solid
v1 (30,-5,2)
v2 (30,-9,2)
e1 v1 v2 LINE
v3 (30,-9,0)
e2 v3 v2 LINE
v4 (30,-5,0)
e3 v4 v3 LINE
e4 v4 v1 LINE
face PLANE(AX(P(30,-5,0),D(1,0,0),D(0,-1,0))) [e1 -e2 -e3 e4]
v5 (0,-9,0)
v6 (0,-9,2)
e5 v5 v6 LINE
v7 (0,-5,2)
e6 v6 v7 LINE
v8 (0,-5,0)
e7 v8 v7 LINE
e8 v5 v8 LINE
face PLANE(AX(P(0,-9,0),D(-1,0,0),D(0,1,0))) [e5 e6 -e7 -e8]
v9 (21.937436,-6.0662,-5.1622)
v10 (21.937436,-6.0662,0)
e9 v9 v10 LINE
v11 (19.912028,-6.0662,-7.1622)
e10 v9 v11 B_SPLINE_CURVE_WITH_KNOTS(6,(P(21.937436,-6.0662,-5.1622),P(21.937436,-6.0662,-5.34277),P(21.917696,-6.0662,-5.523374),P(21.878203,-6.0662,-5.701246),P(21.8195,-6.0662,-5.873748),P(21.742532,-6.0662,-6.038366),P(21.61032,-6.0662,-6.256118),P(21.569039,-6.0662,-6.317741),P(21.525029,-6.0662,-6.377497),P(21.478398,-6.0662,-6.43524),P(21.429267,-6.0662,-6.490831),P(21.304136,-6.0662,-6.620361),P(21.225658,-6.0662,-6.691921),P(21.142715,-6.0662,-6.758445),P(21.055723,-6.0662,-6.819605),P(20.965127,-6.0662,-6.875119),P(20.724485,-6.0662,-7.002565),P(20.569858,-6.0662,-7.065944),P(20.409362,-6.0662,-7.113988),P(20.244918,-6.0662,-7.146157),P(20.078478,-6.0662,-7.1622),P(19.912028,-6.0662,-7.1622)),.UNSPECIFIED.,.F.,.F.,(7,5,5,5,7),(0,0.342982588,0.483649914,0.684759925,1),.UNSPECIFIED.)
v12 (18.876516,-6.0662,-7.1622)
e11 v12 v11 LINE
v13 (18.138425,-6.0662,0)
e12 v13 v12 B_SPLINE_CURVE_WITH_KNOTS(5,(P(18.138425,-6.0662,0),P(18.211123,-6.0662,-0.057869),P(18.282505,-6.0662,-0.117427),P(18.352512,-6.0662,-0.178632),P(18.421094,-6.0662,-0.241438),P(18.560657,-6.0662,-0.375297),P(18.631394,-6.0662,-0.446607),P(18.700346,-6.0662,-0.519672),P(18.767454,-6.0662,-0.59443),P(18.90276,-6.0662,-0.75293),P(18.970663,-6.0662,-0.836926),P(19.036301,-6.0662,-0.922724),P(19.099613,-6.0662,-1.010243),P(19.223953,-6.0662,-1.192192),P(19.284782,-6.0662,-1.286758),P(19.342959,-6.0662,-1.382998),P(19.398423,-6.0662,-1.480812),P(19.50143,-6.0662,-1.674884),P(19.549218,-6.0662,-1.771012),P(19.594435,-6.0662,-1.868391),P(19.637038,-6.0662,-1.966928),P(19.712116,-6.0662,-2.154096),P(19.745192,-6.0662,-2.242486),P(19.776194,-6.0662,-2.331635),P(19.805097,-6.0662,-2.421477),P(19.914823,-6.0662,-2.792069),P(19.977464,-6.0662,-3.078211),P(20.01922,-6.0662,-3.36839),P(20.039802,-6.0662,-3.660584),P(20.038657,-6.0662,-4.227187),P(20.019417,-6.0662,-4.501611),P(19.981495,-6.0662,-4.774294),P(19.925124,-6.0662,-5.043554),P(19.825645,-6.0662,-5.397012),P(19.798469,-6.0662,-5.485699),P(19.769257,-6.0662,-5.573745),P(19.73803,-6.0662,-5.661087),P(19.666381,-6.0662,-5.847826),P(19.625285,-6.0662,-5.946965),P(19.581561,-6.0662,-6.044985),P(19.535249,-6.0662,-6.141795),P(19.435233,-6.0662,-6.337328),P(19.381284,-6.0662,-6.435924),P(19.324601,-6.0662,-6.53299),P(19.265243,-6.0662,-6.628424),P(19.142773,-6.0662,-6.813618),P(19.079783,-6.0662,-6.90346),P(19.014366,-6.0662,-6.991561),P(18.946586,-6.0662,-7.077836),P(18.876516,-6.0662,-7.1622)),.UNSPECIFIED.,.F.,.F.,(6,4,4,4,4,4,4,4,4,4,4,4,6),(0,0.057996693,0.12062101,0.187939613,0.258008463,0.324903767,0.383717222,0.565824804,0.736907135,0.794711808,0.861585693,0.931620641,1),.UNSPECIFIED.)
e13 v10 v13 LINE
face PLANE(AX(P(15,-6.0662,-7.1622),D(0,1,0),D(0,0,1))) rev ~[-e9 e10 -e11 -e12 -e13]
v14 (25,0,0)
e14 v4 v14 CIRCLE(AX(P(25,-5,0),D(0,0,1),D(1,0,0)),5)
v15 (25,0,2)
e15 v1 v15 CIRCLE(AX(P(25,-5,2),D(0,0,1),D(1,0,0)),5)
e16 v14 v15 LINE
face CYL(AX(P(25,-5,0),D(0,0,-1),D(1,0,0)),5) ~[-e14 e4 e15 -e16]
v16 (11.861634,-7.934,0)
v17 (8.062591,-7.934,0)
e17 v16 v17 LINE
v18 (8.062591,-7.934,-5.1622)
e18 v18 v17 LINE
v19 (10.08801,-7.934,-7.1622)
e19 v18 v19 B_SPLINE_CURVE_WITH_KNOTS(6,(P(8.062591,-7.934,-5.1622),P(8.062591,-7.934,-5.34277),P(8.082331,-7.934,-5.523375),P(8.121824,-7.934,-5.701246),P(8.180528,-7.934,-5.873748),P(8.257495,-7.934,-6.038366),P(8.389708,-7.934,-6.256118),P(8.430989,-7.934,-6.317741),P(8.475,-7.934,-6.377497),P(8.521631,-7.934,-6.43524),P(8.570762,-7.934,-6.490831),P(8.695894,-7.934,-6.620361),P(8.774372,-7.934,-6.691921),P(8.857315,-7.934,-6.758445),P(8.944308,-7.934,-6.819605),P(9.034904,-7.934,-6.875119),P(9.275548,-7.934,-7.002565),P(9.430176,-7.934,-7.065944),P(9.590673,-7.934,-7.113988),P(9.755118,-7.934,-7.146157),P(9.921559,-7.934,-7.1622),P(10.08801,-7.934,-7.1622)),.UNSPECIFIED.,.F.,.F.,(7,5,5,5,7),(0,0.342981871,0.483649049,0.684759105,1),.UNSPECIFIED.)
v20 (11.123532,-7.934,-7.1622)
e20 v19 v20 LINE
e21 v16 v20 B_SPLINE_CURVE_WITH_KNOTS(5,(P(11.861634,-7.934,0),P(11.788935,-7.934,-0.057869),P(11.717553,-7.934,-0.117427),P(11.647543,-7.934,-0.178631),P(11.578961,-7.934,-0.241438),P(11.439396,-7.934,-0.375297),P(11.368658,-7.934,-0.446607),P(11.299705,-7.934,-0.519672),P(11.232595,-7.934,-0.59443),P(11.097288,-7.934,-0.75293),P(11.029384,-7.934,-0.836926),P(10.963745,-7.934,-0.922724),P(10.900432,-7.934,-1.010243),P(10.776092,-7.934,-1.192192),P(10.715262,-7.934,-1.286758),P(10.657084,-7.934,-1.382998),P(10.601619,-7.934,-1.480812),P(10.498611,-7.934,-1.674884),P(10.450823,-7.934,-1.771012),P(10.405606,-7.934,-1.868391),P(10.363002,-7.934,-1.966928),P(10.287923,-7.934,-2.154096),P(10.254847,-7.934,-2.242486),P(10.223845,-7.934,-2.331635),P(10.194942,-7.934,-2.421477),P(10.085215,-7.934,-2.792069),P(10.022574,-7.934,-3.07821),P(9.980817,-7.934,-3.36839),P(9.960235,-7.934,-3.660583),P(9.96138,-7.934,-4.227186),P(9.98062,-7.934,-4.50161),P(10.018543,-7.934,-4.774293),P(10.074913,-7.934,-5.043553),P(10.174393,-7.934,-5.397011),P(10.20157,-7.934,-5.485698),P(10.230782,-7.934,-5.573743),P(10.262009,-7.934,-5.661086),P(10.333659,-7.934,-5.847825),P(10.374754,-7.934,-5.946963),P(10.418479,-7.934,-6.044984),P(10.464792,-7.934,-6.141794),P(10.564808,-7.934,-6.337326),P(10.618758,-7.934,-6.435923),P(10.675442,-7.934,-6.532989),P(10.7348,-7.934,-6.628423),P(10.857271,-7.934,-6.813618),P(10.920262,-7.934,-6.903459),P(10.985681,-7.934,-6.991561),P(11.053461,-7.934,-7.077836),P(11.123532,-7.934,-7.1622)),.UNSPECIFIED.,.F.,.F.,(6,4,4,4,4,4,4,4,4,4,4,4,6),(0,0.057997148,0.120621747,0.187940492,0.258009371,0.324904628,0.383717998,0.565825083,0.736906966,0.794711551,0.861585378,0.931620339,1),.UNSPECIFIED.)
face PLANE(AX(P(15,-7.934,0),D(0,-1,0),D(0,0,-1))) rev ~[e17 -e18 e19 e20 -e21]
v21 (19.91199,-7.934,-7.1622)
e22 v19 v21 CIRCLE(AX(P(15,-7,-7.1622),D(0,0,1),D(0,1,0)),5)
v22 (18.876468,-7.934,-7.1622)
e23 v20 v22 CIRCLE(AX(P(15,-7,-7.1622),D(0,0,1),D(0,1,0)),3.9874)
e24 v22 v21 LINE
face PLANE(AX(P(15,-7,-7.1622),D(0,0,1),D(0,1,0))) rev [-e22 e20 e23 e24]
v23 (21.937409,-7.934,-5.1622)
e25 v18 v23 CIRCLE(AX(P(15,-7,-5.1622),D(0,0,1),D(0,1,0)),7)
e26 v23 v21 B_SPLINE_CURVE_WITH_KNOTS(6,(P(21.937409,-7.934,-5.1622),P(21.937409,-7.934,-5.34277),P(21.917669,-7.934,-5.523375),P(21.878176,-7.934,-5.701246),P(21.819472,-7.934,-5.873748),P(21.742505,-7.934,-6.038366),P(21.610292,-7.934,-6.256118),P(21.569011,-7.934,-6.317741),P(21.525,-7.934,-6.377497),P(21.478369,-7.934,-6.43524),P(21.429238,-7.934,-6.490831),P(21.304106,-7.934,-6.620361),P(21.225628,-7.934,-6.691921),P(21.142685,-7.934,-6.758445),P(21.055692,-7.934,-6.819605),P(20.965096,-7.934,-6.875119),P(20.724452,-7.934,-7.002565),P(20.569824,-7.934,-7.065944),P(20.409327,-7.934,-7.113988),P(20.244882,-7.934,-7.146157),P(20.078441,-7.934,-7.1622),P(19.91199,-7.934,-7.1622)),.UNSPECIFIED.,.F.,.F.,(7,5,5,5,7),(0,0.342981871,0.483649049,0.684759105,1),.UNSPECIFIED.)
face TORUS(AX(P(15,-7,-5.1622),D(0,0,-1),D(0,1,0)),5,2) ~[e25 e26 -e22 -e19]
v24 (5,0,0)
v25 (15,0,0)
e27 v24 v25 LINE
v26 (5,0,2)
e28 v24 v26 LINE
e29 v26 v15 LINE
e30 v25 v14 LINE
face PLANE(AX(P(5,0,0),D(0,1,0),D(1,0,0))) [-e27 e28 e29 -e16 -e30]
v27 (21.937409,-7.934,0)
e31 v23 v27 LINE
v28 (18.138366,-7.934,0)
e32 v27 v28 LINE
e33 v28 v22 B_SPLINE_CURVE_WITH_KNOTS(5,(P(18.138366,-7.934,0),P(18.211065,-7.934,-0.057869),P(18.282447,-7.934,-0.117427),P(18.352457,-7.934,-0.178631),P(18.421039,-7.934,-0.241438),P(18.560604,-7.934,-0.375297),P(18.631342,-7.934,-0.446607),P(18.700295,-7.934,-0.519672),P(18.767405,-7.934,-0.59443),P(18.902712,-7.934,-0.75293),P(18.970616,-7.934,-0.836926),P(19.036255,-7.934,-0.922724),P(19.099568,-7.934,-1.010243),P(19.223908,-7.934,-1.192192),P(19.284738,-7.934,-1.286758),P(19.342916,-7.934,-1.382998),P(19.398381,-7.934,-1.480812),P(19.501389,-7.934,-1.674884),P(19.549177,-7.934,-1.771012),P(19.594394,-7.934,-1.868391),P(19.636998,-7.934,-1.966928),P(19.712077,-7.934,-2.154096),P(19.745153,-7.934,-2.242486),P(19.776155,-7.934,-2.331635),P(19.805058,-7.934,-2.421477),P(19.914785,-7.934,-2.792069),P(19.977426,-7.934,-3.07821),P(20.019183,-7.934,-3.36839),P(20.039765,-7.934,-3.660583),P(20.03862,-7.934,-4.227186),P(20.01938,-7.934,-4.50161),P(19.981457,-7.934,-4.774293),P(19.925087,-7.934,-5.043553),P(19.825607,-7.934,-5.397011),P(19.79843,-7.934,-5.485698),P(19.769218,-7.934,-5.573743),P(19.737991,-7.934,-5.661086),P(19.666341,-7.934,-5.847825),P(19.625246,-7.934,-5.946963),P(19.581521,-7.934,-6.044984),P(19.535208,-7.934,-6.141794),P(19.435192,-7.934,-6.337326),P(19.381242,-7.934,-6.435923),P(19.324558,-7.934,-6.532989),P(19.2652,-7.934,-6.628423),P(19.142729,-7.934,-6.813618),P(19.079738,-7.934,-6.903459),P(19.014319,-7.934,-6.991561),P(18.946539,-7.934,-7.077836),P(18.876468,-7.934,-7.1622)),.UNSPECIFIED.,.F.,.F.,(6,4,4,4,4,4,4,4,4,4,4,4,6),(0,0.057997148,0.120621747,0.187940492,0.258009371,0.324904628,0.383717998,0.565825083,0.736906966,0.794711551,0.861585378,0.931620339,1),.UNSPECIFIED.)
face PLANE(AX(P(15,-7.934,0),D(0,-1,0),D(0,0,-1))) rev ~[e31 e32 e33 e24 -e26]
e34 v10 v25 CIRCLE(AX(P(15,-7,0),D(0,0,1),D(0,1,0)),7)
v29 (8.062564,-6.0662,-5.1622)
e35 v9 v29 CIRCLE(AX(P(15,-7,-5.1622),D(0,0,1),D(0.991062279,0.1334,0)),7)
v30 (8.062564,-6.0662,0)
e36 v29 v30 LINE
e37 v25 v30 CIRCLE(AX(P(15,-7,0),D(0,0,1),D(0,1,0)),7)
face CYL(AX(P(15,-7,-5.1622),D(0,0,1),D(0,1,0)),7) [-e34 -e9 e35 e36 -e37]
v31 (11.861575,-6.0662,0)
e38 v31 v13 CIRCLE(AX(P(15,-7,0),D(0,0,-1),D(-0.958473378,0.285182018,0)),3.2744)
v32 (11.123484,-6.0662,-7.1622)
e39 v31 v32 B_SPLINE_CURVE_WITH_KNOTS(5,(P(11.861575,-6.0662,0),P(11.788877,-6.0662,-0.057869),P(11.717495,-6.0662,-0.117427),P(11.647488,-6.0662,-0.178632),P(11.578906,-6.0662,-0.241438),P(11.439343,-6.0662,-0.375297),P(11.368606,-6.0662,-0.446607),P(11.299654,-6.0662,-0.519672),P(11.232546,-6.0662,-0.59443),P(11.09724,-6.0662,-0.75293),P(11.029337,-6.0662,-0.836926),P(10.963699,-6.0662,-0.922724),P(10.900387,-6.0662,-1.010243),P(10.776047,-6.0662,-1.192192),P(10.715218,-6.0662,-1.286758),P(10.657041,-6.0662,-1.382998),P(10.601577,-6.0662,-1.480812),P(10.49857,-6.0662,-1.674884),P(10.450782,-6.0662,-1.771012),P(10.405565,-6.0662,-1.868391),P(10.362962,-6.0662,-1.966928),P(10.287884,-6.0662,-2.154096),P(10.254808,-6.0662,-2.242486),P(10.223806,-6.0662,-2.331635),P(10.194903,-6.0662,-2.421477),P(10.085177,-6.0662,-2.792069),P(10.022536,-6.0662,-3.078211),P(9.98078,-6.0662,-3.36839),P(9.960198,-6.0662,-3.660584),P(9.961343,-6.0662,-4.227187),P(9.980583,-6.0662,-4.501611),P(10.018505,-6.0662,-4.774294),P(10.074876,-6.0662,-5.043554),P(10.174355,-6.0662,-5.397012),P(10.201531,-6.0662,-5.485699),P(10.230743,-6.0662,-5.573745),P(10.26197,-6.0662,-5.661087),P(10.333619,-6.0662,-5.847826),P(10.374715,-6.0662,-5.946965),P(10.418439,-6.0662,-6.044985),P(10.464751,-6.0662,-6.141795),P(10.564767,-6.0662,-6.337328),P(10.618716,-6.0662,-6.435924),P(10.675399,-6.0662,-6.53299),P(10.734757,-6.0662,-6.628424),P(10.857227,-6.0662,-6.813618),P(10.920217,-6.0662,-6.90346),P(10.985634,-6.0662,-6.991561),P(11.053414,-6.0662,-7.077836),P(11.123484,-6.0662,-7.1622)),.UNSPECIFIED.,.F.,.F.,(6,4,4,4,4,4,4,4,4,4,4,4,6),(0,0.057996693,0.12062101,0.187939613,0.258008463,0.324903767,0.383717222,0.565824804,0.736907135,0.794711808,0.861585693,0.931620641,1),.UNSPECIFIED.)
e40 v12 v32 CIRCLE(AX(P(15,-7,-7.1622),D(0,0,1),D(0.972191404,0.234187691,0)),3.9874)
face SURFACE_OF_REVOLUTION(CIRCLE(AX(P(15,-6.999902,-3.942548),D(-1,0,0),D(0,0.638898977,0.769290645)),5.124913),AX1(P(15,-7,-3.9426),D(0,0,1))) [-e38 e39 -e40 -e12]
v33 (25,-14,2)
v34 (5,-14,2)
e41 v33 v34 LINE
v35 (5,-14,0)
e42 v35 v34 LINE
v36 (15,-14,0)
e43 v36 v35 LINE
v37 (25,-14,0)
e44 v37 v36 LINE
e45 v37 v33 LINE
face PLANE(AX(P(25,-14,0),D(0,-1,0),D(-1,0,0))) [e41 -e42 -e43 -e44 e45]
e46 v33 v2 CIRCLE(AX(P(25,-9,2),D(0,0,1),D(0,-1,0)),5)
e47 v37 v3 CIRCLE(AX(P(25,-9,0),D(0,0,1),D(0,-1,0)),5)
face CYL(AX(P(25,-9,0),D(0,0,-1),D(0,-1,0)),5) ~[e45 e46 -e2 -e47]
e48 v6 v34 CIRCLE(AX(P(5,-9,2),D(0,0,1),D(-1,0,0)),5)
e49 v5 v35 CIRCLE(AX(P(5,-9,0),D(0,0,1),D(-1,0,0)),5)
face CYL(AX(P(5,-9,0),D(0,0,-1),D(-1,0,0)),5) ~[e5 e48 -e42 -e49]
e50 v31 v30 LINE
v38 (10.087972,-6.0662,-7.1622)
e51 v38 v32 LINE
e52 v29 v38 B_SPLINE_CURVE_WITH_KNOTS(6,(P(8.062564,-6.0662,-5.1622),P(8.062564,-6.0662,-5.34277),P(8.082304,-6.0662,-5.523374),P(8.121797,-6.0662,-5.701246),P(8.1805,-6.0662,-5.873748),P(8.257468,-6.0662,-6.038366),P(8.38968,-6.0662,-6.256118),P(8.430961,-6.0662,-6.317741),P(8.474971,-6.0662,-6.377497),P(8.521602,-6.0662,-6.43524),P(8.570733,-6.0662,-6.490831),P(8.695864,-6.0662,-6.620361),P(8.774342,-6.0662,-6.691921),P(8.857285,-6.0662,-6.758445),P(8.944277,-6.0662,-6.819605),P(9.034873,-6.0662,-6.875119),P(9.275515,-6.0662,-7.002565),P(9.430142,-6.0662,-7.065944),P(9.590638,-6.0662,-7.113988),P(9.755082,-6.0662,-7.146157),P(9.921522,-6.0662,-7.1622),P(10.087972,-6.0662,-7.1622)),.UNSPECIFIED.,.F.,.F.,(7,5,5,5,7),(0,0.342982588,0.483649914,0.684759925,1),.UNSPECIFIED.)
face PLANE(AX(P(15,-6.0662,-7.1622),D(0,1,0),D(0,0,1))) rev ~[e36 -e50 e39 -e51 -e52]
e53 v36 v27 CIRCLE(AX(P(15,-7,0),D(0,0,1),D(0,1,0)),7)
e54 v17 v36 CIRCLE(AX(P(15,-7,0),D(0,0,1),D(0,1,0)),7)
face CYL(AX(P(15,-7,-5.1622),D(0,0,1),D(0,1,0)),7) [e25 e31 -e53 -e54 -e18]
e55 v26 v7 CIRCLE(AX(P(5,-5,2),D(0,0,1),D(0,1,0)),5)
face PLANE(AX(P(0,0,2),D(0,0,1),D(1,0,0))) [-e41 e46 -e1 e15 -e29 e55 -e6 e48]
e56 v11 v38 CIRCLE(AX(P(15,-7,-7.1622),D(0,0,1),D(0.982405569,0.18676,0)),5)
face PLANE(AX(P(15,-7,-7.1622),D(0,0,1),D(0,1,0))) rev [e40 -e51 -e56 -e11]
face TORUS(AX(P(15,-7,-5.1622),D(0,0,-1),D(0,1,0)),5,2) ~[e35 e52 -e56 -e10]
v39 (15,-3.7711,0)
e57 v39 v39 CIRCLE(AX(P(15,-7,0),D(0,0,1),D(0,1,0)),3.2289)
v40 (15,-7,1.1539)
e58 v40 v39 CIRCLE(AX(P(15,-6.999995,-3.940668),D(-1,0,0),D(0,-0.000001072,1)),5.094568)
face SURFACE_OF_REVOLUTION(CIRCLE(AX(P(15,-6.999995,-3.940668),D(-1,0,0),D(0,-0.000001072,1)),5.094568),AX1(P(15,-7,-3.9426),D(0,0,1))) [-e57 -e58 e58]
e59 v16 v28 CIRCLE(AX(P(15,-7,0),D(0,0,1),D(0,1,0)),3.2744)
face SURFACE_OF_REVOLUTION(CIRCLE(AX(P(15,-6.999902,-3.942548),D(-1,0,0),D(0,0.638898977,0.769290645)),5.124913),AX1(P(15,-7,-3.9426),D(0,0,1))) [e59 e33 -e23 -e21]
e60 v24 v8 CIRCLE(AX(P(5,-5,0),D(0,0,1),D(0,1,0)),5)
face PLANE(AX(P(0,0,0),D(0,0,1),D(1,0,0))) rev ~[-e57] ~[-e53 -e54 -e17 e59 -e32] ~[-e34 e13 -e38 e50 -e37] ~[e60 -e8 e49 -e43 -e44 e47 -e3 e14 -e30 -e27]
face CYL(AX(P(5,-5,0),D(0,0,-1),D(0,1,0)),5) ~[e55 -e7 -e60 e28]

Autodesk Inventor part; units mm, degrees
ref_plane "YZ Plane" through (0, 0, 0) normal (1, 0, 0) x (0, 1, 0)
ref_plane "XZ Plane" through (0, 0, 0) normal (0, 1, 0) x (-1, 0, 0)
ref_plane "XY Plane" through (0, 0, 0) normal (0, 0, 1) x (1, 0, 0)
sketch "Sketch1" plane through (0, 0, 0) normal (0, 0, 1) x (1, 0, 0)
  line L0 (5, 0) -> (25, 0)
  line L1 (30, -5) -> (30, -9)
  line L2 (25, -14) -> (5, -14)
  line L3 (0, -9) -> (0, -5)
  arc A0 (0, -9) -> (5, -14) centre (5, -9) ccw
  arc A1 (5, 0) -> (0, -5) centre (5, -5) ccw
  arc A2 (30, -5) -> (25, 0) centre (25, -5) ccw
  arc A3 (25, -14) -> (30, -9) centre (25, -9) ccw
  point P0 (0, 0)
  point P1 (30, -14)
  point P2 (30, 0)
  point P3 (0, -14)
  dimension "d0" = 30
  dimension "d1" = 14
  dimension "d2" = 5
extrude "Extrusion1" add sketch "Sketch1" along normal blind 2
ref_plane "Work Plane1" through (15, -9, 0) normal (-1, 0, 0) x (0, 0, 1)
sketch "Sketch2" plane through (15, -9, 0) normal (-1, 0, 0) x (0, 0, 1)
  circle A0 centre (-3.9426, 2) radius 4.775 construction
  line L0 (-3.9426, 2) -> (0, 2) construction
  line L1 (0, 0) -> (0, 4) construction
  line L2 (0, 4) -> (0, 9) construction
  line L3 (0, 9) -> (-5.1622, 9) construction
  line L4 (-7.1622, 7) -> (-7.1622, 5.2744) construction
  line L5 (-7.1622, 5.2744) -> (0, 5.2744) construction
  line L6 (0, 5.2744) -> (0, 9) construction
  arc A1 (0, 5.2744) -> (-7.1622, 5.9874) centre (-3.9426, 2) ccw
  line L7 (-7.1622, 5.9874) -> (-7.1622, 7)
  line L8 (-5.1622, 9) -> (0, 9)
  line L9 (0, 9) -> (2, 9) projected
  line L10 (0, 9) -> (0, 5.2744)
  arc A2 (-5.1622, 9) -> (-7.1622, 7) centre (-5.1622, 7) ccw
  line L11 (-5.1622, 9) -> (0, 9)
  dimension "d5" = 9.55
  dimension "d6" = 5.125
  dimension "d7" = 2
revolve "Revolution1" add sketch "Sketch2" angle 360 about axis through (15, -7, -3.9426) along (0, 0, 1)
sketch "Sketch3" plane through (15, -9, 0) normal (-1, 0, 0) x (0, 0, 1)
  line L0 (0, 0) -> (0, 4) projected
  line L1 (-7.1622, -1.9874) -> (-7.1622, 5.9874) projected
  line L2 (0, 2) -> (-7.1622, 2)
  line L3 (-7.1622, 2) -> (-7.1622, 2.9338)
  line L4 (-7.1622, 2.9338) -> (0, 2.9338)
  line L5 (0, 2.9338) -> (0, 2)
  line L6 (-7.1622, 2) -> (0, 2)
  line L7 (0, 2) -> (0, 1.066)
  line L8 (0, 1.066) -> (-7.1622, 1.066)
  line L9 (-7.1622, 1.066) -> (-7.1622, 2)
  point P0 (0, 9)
  point P1 (0, 2.9338)
  point P2 (-7.1622, 1.066)
  dimension "d9" = 0.934
extrude "Extrusion2" cut sketch "Sketch3" along normal through all both and the other way through all
sketch "Sketch4" plane through (15, -9, 0) normal (-1, 0, 0) x (0, 0, 1)
  line L0 (0, 4) -> (0, 9) projected
  arc A0 (1.1539, 2) -> (0, 5.2289) centre (-3.9407, 2) ccw
  line L1 (0, 4) -> (0, 0) projected
  line L2 (0, 2) -> (0, 5.2289)
  line L3 (0, 2) -> (1.1539, 2)
revolve "Revolution2" cut sketch "Sketch4" angle 360 about axis through (15, -7, -3.9426) along (0, 0, 1)
properties part number "Wheelmount"
